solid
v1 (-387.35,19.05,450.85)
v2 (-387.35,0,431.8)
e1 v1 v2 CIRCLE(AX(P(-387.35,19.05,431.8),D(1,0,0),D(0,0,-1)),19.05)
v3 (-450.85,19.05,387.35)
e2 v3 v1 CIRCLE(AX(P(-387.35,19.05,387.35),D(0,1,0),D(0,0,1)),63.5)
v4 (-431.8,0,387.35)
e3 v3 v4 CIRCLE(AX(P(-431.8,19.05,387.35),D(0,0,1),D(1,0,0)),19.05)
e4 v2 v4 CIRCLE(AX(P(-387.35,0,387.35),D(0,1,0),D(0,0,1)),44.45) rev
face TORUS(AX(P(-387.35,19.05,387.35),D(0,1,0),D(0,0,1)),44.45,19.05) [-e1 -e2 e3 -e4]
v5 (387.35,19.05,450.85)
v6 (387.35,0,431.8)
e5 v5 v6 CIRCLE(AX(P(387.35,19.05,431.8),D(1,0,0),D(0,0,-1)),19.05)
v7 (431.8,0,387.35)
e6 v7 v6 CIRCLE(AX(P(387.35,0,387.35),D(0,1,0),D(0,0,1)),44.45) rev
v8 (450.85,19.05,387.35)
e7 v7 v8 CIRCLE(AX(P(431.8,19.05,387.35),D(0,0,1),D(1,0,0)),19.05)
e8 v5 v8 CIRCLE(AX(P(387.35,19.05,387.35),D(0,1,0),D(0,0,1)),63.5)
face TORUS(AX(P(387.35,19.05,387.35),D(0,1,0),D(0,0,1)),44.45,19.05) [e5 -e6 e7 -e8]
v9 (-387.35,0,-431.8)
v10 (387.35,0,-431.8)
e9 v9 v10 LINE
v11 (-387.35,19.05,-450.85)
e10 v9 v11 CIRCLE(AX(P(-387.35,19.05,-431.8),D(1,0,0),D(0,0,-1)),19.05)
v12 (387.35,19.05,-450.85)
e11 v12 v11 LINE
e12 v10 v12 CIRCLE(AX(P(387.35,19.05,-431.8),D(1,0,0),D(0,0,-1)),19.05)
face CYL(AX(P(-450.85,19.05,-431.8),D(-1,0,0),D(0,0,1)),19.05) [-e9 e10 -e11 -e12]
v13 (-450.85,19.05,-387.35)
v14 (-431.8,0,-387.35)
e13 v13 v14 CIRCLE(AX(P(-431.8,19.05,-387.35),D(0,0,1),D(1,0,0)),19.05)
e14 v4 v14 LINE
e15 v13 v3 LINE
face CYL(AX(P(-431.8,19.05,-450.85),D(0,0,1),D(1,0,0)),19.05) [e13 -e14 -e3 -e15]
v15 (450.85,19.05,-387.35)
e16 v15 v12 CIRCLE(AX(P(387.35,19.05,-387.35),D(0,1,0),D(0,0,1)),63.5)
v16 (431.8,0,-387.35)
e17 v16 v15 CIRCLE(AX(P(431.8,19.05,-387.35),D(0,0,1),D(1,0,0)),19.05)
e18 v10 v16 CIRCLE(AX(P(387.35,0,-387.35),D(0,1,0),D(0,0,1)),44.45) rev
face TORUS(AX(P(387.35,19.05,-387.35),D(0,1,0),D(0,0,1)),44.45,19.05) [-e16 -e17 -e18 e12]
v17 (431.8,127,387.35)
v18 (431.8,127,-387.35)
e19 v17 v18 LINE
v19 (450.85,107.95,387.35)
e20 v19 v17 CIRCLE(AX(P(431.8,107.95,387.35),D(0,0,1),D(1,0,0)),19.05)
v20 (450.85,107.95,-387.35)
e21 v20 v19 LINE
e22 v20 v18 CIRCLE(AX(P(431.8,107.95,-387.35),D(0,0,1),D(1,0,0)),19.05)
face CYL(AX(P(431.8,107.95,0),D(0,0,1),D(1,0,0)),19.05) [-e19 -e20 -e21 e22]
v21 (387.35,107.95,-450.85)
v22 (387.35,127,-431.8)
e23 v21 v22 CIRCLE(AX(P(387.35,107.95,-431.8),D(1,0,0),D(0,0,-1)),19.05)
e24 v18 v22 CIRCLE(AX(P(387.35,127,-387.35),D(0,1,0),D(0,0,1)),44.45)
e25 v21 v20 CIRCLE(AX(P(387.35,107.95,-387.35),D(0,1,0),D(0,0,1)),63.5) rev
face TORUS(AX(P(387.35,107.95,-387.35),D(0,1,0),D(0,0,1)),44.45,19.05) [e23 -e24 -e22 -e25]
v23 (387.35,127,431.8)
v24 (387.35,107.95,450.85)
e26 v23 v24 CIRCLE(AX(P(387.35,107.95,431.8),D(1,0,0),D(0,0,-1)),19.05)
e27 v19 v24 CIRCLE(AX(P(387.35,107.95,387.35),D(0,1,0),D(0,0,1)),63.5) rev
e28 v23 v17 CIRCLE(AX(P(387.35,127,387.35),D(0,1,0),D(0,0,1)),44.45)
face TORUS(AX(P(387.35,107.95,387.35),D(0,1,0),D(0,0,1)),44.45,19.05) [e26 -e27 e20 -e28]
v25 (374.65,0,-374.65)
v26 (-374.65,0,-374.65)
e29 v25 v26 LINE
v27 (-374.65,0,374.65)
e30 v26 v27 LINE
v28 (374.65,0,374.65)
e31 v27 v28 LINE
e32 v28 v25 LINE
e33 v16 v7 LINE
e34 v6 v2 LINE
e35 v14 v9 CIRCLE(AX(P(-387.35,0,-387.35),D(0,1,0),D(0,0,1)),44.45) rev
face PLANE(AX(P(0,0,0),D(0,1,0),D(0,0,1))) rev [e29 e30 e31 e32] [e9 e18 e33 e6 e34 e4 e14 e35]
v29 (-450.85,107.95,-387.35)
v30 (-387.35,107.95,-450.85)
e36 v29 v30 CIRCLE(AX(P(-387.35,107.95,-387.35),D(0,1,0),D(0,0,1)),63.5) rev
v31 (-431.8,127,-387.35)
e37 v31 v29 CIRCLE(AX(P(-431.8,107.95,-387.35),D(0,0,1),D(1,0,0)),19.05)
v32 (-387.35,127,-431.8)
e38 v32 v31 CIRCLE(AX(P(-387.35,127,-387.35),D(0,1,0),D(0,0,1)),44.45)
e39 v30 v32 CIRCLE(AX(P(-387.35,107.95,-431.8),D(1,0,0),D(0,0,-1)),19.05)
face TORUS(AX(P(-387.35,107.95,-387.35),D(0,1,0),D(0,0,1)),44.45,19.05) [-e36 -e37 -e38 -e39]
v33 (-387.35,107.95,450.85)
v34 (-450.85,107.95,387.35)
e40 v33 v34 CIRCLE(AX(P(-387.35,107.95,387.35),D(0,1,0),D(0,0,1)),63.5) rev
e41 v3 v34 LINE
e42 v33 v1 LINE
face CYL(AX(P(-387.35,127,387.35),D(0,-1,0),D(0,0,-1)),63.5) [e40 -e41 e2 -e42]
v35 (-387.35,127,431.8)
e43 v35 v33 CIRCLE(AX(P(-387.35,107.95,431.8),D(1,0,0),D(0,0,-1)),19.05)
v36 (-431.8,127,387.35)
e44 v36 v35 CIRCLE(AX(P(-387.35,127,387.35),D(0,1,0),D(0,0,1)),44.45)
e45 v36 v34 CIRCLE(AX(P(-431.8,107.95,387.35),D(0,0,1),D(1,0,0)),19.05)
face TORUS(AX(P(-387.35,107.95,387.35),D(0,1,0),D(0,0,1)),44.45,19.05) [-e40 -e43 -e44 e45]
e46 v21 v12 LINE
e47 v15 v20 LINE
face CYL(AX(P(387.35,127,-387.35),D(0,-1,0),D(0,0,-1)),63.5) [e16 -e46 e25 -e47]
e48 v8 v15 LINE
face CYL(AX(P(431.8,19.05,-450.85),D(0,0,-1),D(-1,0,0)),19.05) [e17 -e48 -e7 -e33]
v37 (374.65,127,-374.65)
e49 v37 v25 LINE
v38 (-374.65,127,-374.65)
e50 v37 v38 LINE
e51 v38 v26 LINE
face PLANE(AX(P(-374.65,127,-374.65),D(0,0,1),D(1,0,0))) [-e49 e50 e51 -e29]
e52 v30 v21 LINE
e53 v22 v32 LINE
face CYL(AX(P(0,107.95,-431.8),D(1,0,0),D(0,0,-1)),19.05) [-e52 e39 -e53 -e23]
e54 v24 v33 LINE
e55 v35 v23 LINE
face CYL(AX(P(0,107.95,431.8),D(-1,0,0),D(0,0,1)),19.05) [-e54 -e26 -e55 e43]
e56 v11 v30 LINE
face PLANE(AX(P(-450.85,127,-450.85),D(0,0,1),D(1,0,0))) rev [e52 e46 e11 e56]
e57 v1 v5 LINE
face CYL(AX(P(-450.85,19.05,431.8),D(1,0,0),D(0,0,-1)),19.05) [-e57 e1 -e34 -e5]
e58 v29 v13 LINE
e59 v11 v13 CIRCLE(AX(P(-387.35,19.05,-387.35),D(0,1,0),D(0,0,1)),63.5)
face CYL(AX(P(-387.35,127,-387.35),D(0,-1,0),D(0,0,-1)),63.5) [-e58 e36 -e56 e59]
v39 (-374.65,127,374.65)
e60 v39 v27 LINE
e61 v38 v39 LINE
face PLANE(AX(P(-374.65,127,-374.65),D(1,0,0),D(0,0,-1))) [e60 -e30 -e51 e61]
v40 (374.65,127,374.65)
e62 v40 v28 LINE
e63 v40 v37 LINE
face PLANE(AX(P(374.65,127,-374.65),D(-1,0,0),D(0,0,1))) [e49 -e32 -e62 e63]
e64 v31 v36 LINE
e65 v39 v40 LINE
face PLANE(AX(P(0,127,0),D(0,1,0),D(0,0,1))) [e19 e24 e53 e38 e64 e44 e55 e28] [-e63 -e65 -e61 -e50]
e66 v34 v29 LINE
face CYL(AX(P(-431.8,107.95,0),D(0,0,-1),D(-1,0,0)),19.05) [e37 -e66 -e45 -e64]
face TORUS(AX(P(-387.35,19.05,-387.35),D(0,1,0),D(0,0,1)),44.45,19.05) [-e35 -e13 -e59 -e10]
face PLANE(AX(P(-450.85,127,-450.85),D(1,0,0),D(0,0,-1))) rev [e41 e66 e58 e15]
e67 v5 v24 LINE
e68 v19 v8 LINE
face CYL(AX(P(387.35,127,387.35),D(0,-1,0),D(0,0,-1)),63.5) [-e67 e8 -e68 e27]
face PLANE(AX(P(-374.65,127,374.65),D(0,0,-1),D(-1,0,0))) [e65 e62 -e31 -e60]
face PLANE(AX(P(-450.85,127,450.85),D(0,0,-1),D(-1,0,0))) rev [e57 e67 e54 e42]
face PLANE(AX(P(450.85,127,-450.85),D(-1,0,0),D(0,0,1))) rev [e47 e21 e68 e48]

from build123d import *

# Parameters (mm, degrees)
SKETCH1_W           = 901.7
SKETCH1_H           = 901.7
SKETCH1_W_2         = 749.3
SKETCH1_H_2         = 749.3
BOSS_EXTRUDE1_DEPTH = 127
FILLET1_R           = 63.5
FILLET2_R           = 19.05


with BuildPart() as part:
    # Sketch1 → Boss-Extrude1 (new body)
    with BuildSketch(Plane(origin=(0, 0, 0), x_dir=(1, 0, 0), z_dir=(0, 1, 0))):
        Rectangle(SKETCH1_W, SKETCH1_H)
        Rectangle(SKETCH1_W_2, SKETCH1_H_2, mode=Mode.SUBTRACT)
    extrude(amount=BOSS_EXTRUDE1_DEPTH)

    # Fillet1
    fillet1_edges = [part.edges().sort_by_distance(p)[0] for p in [
        (-450.85, 63.5, -450.85),
        (450.85, 63.5, -450.85),
        (450.85, 63.5, 450.85),
        (-450.85, 63.5, 450.85),
    ]]
    fillet(fillet1_edges, radius=FILLET1_R)

    # Fillet2
    fillet2_edges = [part.edges().sort_by_distance(p)[0] for p in [
        (-450.85, 0, 0),
        (-450.85, 127, 0),
        (0, 0, -450.85),
        (450.85, 0, 0),
        (0, 0, 450.85),
        (-432.251280605, 0, 432.251280605),
        (432.251280605, 0, 432.251280605),
        (432.251280605, 0, -432.251280605),
        (-432.251280605, 0, -432.251280605),
        (0, 127, -450.85),
        (0, 127, 450.85),
        (450.85, 127, 0),
        (-432.251280605, 127, 432.251280605),
        (432.251280605, 127, 432.251280605),
        (432.251280605, 127, -432.251280605),
        (-432.251280605, 127, -432.251280605),
    ]]
    fillet(fillet2_edges, radius=FILLET2_R)


solid = part.part
